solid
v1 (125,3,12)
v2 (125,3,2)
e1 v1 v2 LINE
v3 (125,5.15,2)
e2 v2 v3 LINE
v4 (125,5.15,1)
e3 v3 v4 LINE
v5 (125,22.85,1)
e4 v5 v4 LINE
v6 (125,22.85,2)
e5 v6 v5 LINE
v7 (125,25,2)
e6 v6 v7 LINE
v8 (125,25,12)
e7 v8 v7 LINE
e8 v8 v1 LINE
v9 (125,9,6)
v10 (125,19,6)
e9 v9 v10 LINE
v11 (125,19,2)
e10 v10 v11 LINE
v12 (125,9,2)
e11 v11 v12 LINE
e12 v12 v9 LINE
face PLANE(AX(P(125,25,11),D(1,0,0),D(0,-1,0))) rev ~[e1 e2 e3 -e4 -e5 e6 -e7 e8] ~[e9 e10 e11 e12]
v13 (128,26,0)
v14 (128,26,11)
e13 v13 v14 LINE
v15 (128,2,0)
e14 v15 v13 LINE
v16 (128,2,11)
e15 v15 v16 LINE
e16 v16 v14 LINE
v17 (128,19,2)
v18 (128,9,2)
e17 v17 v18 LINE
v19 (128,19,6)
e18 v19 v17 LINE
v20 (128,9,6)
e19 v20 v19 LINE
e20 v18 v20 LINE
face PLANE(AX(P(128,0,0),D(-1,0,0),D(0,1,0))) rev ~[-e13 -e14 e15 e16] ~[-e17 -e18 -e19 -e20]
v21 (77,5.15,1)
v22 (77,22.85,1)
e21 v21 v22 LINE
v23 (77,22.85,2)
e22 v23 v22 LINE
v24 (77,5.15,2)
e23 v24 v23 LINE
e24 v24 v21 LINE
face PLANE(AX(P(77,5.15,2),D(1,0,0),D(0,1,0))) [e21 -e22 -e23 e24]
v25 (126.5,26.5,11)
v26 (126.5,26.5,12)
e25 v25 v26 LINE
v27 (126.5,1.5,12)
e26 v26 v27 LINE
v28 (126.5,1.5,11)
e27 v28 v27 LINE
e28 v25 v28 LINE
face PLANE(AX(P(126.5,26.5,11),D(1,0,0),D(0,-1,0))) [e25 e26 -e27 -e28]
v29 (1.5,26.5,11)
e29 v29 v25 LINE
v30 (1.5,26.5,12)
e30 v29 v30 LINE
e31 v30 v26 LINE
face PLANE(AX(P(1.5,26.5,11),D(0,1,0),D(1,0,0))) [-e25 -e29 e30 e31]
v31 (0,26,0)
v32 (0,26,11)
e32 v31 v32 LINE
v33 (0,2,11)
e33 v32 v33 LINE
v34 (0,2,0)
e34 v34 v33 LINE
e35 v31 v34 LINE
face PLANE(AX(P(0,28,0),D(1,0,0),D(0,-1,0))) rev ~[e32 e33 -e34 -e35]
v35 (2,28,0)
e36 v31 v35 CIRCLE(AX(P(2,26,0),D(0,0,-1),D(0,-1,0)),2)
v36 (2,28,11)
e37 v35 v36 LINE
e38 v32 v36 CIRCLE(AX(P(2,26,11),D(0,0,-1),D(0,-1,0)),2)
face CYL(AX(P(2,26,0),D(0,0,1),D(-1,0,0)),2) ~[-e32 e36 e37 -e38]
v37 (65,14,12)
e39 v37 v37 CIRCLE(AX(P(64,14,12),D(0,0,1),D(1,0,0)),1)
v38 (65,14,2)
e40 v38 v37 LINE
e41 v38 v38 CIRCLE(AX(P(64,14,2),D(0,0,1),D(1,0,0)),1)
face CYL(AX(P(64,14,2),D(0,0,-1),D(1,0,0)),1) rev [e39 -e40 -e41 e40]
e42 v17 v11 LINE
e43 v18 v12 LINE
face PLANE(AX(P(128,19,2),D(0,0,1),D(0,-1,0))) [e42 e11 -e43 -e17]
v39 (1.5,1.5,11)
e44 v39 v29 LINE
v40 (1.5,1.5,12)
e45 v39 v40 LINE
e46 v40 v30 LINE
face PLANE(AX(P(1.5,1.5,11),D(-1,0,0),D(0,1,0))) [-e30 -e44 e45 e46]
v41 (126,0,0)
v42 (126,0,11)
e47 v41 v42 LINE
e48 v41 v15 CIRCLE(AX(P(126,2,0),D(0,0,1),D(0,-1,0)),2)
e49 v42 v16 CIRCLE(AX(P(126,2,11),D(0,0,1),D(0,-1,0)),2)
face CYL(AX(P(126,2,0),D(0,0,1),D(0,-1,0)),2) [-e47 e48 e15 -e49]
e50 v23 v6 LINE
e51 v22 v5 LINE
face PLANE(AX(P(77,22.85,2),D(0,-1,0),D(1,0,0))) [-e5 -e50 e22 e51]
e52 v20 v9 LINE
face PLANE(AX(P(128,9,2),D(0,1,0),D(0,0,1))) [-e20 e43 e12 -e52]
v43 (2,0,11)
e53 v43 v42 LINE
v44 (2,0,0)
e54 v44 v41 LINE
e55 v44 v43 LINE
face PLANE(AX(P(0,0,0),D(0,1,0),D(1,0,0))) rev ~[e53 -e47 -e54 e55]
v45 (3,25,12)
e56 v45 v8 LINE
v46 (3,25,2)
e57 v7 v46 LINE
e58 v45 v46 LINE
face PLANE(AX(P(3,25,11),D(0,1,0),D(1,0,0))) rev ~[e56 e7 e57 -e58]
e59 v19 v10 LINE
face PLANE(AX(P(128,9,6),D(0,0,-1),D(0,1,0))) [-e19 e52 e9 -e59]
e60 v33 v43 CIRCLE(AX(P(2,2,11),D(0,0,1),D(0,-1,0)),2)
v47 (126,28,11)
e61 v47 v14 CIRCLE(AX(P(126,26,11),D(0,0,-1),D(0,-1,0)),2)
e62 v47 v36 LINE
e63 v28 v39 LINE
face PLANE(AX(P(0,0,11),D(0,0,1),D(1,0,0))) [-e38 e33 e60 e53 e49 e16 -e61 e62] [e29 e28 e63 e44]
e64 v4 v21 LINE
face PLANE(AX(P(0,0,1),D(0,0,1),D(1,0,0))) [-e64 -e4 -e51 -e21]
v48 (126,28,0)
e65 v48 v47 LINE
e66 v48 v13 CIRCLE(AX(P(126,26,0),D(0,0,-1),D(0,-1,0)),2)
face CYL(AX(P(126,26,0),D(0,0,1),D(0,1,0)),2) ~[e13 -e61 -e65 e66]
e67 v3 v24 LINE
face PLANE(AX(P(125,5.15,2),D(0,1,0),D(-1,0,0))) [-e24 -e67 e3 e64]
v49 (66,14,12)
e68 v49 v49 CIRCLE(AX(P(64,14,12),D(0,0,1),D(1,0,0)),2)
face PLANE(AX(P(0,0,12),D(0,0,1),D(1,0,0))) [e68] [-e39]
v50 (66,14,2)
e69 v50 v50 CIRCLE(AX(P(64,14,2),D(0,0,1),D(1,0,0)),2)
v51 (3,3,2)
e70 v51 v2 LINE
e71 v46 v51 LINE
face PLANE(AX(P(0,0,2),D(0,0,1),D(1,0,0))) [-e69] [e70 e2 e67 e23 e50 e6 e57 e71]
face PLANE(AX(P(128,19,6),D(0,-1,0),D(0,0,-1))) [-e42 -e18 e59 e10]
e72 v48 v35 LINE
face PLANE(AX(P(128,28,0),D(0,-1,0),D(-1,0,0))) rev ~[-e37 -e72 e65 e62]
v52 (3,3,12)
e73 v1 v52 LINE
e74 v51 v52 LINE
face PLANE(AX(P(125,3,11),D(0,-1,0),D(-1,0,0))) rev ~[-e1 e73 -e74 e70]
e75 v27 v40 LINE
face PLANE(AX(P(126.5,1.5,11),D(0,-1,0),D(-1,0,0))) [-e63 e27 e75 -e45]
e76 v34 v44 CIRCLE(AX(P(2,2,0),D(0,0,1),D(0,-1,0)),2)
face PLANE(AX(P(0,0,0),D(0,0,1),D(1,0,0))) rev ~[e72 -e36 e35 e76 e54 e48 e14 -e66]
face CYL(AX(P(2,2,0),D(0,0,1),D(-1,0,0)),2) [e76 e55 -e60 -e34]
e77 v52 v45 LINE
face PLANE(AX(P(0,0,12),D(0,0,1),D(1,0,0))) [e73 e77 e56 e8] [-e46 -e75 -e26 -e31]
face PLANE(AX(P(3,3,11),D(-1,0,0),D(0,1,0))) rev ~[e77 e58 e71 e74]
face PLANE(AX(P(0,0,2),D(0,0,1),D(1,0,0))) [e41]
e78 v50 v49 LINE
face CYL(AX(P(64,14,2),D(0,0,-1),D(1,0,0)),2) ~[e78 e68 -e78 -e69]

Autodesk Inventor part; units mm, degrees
sketch "Sketch1" plane through (0, 0, 0) normal (0, 0, 1) x (1, 0, 0)
  line L0 (0, 0) -> (128, 0)
  line L1 (128, 0) -> (128, 28)
  line L2 (128, 28) -> (0, 28)
  line L3 (0, 28) -> (0, 0)
  dimension "d57" = 128
  dimension "d58" = 28
ref_plane "Work Plane7" through (0, 0, 12) normal (0, 0, 1) x (1, 0, 0)
sketch "Sketch2" plane through (0, 0, 12) normal (0, 0, 1) x (1, 0, 0)
  line L0 (3, 3) -> (85, 3)
  line L1 (85, 3) -> (85, 45)
  line L2 (85, 45) -> (3, 45)
  line L3 (3, 45) -> (3, 3)
  line L4 (88, 48) -> (0, 48) projected
  line L5 (88, 0) -> (88, 48) projected
  line L6 (0, 0) -> (88, 0) projected
  line L7 (0, 48) -> (0, 0) projected
  dimension "d4" = 3
  dimension "d5" = 3
  dimension "d6" = 3
  dimension "d7" = 3
ref_plane "Work Plane6" through (0, 0, 12) normal (0, 0, 1) x (1, 0, 0)
sketch "Sketch3" plane through (0, 0, 12) normal (0, 0, 1) x (1, 0, 0)
  line L0 (1.5, 46.5) -> (86.5, 46.5)
  line L1 (86.5, 46.5) -> (86.5, 1.5)
  line L2 (86.5, 1.5) -> (1.5, 1.5)
  line L3 (1.5, 1.5) -> (1.5, 46.5)
  line L4 (0, 0) -> (88, 0) projected
  line L5 (0, 48) -> (0, 0) projected
  line L6 (88, 0) -> (0, 0)
  line L7 (0, 0) -> (0, 48)
  line L8 (0, 48) -> (88, 48)
  line L9 (88, 48) -> (88, 0)
  dimension "d10" = 1.5
  dimension "d11" = 1.5
  dimension "d12" = 1.5
  dimension "d13" = 1.5
ref_plane "Work Plane5" through (0, 0, 12) normal (0, 0, 1) x (1, 0, 0)
sketch "Sketch4" plane through (0, 0, 12) normal (0, 0, 1) x (1, 0, 0)
  circle A0 centre (5.5, 24) radius 1
  circle A1 centre (82.5, 24) radius 1
  line L0 (3, 45) -> (85, 45) projected
  line L1 (3, 3) -> (3, 45) projected
  line L2 (3, 25.5) -> (5.5, 25.5)
  line L3 (5.5, 25.5) -> (5.5, 22.5)
  line L4 (5.5, 22.5) -> (3, 22.5)
  line L5 (3, 22.5) -> (3, 25.5)
  circle A2 centre (5.5, 24) radius 1.5
  line L6 (85, 45) -> (85, 3) projected
  line L7 (85, 22.5) -> (82.5, 22.5)
  line L8 (82.5, 22.5) -> (82.5, 25.5)
  line L9 (82.5, 25.5) -> (85, 25.5)
  line L10 (85, 25.5) -> (85, 22.5)
  circle A3 centre (82.5, 24) radius 1.5
  point P0 (0, 0)
  dimension "d17" = 2
  dimension "d18" = 2
  dimension "d19" = 21
  dimension "d20" = 21
  dimension "d21" = 2.5
  dimension "d22" = 3
  dimension "d23" = 1.5
  dimension "d24" = 2.5
  dimension "d25" = 2.5
  dimension "d26" = 3
  dimension "d27" = 1.5
ref_plane "Work Plane4" through (0, 0, 12) normal (0, 0, 1) x (1, 0, 0)
sketch "Sketch5" plane through (0, 0, 12) normal (0, 0, 1) x (1, 0, 0)
  circle A0 centre (5.5, 24) radius 1
  circle A1 centre (82.5, 24) radius 1
  line L0 (3, 25.5) -> (3, 22.5) projected
  line L1 (3, 22.5) -> (5.5, 22.5) projected
  line L2 (82.5, 22.5) -> (85, 22.5) projected
  line L3 (85, 22.5) -> (85, 25.5) projected
  point P0 (0, 0)
  dimension "d30" = 2
  dimension "d31" = 2
  dimension "d32" = 2.5
  dimension "d33" = 1.5
  dimension "d34" = 1.5
  dimension "d35" = 2.5
ref_plane "Work Plane1" through (0, 0, 3) normal (0, 0, 1) x (1, 0, 0)
sketch "Sketch6" plane through (0, 0, 3) normal (0, 0, 1) x (1, 0, 0)
  line L0 (35, 45) -> (53, 45)
  line L1 (53, 45) -> (53, 9)
  line L2 (53, 9) -> (35, 9)
  line L3 (35, 9) -> (35, 45)
  line L4 (3, 45) -> (85, 45) projected
  line L5 (3, 3) -> (3, 45) projected
  point P0 (0, 0)
  point P1 (3, 25.5)
  dimension "d38" = 18
  dimension "d39" = 36
  dimension "d40" = 0
  dimension "d41" = 32
  dimension "d50" = 82
ref_plane "Work Plane2" through (0, 48, 11) normal (0, 1, 0) x (1, 0, 0)
sketch "Sketch7" plane through (0, 48, 11) normal (0, 1, 0) x (1, 0, 0)
  line L0 (48.5, 4.8) -> (40.5, 4.8)
  line L1 (40.5, 4.8) -> (40.5, 8)
  line L2 (40.5, 8) -> (48.5, 8)
  line L3 (48.5, 8) -> (48.5, 4.8)
  line L4 (88, 11) -> (0, 11) projected
  line L5 (86, 11) -> (86, 0) projected
  dimension "d44" = 8
  dimension "d45" = 3.2
  dimension "d46" = 3
  dimension "d47" = 37.5
ref_plane "Work Plane3" through (0, 48, 11) normal (0, 1, 0) x (1, 0, 0)
sketch "Sketch8" plane through (0, 48, 11) normal (0, 1, 0) x (1, 0, 0)
  line L0 (50.5, 9.5) -> (38.5, 9.5)
  line L1 (38.5, 9.5) -> (38.5, 3.3)
  line L2 (38.5, 3.3) -> (50.5, 3.3)
  line L3 (50.5, 3.3) -> (50.5, 9.5)
  line L4 (48.5, 8) -> (48.5, 4.8) projected
  line L5 (40.5, 4.8) -> (40.5, 8) projected
  line L6 (48.5, 4.8) -> (40.5, 4.8) projected
  line L7 (40.5, 8) -> (48.5, 8) projected
  point P0 (0, 11)
  dimension "d51" = 2
  dimension "d52" = 2
  dimension "d53" = 1.5
  dimension "d54" = 1.5
extrude "Extrusion9" add sketch "Sketch1" along normal blind 11
sketch "Sketch9" plane through (0, 0, 11) normal (0, 0, 1) x (1, 0, 0)
  line L0 (3, 3) -> (125, 3)
  line L1 (125, 3) -> (125, 25)
  line L2 (125, 25) -> (3, 25)
  line L3 (3, 25) -> (3, 3)
  line L4 (0, 0) -> (128, 0) projected
  line L5 (0, 28) -> (0, 0) projected
  dimension "d61" = 122
  dimension "d62" = 22
  dimension "d63" = 3
  dimension "d64" = 3
extrude "Extrusion10" cut sketch "Sketch9" against normal blind 9
fillet "Fillet2" radius 2 4 edges at (128, 0, 5.5) (0, 28, 5.5) (0, 0, 5.5) (128, 28, 5.5)
sketch "Sketch10" plane through (0, 0, 11) normal (0, 0, 1) x (1, 0, 0)
  line L0 (3, 3) -> (3, 25) projected
  line L1 (125, 25) -> (125, 3) projected
  line L2 (3, 25) -> (125, 25)
  line L3 (125, 25) -> (125, 3)
  line L4 (125, 3) -> (3, 3)
  line L5 (3, 3) -> (3, 25)
  line L6 (1.5, 26.5) -> (126.5, 26.5)
  line L7 (126.5, 26.5) -> (126.5, 1.5)
  line L8 (126.5, 1.5) -> (1.5, 1.5)
  line L9 (1.5, 1.5) -> (1.5, 26.5)
  point P0 (0, 0)
  dimension "d69" = 1.5
  dimension "d70" = 1.5
  dimension "d71" = 1.5
  dimension "d72" = 1.5
extrude "Extrusion11" add sketch "Sketch10" along normal blind 1
sketch "Sketch11" plane through (0, 0, 2) normal (0, 0, 1) x (1, 0, 0)
  line L0 (125, 5.15) -> (77, 5.15)
  line L1 (77, 5.15) -> (77, 22.85)
  line L2 (77, 22.85) -> (125, 22.85)
  line L3 (125, 22.85) -> (125, 5.15)
  line L4 (125, 25) -> (125, 3) projected
  line L5 (3, 25) -> (125, 25) projected
  point P0 (0, 0)
  dimension "d75" = 48
  dimension "d76" = 17.7
  dimension "d77" = 0
  dimension "d78" = 2.15
extrude "Extrusion12" cut sketch "Sketch11" against normal blind 1
sketch "Sketch13" plane through (128, 2, 0) normal (1, 0, 0) x (0, 0, -1)
  line L0 (-2, 7) -> (-6, 7)
  line L1 (-6, 7) -> (-6, 17)
  line L2 (-6, 17) -> (-2, 17)
  line L3 (-2, 17) -> (-2, 7)
  line L4 (-11, -2) -> (0, -2) projected
  line L5 (0, 0) -> (0, 24) projected
  dimension "d81" = 4
  dimension "d82" = 10
  dimension "d83" = 9
  dimension "d84" = 2
extrude "Extrusion13" cut sketch "Sketch13" against normal blind 3
sketch "Sketch14" plane through (0, 0, 2) normal (0, 0, 1) x (1, 0, 0)
  circle A0 centre (64, 14) radius 1
  circle A1 centre (64, 14) radius 2
  line L0 (3, 25) -> (125, 25) projected
  line L1 (3, 3) -> (3, 25) projected
  point P0 (0, 0)
  dimension "d87" = 2
  dimension "d88" = 4
  dimension "d89" = 11
  dimension "d90" = 61
extrude "Extrusion14" add sketch "Sketch14" along normal blind 10
properties part number "Base Wide"
